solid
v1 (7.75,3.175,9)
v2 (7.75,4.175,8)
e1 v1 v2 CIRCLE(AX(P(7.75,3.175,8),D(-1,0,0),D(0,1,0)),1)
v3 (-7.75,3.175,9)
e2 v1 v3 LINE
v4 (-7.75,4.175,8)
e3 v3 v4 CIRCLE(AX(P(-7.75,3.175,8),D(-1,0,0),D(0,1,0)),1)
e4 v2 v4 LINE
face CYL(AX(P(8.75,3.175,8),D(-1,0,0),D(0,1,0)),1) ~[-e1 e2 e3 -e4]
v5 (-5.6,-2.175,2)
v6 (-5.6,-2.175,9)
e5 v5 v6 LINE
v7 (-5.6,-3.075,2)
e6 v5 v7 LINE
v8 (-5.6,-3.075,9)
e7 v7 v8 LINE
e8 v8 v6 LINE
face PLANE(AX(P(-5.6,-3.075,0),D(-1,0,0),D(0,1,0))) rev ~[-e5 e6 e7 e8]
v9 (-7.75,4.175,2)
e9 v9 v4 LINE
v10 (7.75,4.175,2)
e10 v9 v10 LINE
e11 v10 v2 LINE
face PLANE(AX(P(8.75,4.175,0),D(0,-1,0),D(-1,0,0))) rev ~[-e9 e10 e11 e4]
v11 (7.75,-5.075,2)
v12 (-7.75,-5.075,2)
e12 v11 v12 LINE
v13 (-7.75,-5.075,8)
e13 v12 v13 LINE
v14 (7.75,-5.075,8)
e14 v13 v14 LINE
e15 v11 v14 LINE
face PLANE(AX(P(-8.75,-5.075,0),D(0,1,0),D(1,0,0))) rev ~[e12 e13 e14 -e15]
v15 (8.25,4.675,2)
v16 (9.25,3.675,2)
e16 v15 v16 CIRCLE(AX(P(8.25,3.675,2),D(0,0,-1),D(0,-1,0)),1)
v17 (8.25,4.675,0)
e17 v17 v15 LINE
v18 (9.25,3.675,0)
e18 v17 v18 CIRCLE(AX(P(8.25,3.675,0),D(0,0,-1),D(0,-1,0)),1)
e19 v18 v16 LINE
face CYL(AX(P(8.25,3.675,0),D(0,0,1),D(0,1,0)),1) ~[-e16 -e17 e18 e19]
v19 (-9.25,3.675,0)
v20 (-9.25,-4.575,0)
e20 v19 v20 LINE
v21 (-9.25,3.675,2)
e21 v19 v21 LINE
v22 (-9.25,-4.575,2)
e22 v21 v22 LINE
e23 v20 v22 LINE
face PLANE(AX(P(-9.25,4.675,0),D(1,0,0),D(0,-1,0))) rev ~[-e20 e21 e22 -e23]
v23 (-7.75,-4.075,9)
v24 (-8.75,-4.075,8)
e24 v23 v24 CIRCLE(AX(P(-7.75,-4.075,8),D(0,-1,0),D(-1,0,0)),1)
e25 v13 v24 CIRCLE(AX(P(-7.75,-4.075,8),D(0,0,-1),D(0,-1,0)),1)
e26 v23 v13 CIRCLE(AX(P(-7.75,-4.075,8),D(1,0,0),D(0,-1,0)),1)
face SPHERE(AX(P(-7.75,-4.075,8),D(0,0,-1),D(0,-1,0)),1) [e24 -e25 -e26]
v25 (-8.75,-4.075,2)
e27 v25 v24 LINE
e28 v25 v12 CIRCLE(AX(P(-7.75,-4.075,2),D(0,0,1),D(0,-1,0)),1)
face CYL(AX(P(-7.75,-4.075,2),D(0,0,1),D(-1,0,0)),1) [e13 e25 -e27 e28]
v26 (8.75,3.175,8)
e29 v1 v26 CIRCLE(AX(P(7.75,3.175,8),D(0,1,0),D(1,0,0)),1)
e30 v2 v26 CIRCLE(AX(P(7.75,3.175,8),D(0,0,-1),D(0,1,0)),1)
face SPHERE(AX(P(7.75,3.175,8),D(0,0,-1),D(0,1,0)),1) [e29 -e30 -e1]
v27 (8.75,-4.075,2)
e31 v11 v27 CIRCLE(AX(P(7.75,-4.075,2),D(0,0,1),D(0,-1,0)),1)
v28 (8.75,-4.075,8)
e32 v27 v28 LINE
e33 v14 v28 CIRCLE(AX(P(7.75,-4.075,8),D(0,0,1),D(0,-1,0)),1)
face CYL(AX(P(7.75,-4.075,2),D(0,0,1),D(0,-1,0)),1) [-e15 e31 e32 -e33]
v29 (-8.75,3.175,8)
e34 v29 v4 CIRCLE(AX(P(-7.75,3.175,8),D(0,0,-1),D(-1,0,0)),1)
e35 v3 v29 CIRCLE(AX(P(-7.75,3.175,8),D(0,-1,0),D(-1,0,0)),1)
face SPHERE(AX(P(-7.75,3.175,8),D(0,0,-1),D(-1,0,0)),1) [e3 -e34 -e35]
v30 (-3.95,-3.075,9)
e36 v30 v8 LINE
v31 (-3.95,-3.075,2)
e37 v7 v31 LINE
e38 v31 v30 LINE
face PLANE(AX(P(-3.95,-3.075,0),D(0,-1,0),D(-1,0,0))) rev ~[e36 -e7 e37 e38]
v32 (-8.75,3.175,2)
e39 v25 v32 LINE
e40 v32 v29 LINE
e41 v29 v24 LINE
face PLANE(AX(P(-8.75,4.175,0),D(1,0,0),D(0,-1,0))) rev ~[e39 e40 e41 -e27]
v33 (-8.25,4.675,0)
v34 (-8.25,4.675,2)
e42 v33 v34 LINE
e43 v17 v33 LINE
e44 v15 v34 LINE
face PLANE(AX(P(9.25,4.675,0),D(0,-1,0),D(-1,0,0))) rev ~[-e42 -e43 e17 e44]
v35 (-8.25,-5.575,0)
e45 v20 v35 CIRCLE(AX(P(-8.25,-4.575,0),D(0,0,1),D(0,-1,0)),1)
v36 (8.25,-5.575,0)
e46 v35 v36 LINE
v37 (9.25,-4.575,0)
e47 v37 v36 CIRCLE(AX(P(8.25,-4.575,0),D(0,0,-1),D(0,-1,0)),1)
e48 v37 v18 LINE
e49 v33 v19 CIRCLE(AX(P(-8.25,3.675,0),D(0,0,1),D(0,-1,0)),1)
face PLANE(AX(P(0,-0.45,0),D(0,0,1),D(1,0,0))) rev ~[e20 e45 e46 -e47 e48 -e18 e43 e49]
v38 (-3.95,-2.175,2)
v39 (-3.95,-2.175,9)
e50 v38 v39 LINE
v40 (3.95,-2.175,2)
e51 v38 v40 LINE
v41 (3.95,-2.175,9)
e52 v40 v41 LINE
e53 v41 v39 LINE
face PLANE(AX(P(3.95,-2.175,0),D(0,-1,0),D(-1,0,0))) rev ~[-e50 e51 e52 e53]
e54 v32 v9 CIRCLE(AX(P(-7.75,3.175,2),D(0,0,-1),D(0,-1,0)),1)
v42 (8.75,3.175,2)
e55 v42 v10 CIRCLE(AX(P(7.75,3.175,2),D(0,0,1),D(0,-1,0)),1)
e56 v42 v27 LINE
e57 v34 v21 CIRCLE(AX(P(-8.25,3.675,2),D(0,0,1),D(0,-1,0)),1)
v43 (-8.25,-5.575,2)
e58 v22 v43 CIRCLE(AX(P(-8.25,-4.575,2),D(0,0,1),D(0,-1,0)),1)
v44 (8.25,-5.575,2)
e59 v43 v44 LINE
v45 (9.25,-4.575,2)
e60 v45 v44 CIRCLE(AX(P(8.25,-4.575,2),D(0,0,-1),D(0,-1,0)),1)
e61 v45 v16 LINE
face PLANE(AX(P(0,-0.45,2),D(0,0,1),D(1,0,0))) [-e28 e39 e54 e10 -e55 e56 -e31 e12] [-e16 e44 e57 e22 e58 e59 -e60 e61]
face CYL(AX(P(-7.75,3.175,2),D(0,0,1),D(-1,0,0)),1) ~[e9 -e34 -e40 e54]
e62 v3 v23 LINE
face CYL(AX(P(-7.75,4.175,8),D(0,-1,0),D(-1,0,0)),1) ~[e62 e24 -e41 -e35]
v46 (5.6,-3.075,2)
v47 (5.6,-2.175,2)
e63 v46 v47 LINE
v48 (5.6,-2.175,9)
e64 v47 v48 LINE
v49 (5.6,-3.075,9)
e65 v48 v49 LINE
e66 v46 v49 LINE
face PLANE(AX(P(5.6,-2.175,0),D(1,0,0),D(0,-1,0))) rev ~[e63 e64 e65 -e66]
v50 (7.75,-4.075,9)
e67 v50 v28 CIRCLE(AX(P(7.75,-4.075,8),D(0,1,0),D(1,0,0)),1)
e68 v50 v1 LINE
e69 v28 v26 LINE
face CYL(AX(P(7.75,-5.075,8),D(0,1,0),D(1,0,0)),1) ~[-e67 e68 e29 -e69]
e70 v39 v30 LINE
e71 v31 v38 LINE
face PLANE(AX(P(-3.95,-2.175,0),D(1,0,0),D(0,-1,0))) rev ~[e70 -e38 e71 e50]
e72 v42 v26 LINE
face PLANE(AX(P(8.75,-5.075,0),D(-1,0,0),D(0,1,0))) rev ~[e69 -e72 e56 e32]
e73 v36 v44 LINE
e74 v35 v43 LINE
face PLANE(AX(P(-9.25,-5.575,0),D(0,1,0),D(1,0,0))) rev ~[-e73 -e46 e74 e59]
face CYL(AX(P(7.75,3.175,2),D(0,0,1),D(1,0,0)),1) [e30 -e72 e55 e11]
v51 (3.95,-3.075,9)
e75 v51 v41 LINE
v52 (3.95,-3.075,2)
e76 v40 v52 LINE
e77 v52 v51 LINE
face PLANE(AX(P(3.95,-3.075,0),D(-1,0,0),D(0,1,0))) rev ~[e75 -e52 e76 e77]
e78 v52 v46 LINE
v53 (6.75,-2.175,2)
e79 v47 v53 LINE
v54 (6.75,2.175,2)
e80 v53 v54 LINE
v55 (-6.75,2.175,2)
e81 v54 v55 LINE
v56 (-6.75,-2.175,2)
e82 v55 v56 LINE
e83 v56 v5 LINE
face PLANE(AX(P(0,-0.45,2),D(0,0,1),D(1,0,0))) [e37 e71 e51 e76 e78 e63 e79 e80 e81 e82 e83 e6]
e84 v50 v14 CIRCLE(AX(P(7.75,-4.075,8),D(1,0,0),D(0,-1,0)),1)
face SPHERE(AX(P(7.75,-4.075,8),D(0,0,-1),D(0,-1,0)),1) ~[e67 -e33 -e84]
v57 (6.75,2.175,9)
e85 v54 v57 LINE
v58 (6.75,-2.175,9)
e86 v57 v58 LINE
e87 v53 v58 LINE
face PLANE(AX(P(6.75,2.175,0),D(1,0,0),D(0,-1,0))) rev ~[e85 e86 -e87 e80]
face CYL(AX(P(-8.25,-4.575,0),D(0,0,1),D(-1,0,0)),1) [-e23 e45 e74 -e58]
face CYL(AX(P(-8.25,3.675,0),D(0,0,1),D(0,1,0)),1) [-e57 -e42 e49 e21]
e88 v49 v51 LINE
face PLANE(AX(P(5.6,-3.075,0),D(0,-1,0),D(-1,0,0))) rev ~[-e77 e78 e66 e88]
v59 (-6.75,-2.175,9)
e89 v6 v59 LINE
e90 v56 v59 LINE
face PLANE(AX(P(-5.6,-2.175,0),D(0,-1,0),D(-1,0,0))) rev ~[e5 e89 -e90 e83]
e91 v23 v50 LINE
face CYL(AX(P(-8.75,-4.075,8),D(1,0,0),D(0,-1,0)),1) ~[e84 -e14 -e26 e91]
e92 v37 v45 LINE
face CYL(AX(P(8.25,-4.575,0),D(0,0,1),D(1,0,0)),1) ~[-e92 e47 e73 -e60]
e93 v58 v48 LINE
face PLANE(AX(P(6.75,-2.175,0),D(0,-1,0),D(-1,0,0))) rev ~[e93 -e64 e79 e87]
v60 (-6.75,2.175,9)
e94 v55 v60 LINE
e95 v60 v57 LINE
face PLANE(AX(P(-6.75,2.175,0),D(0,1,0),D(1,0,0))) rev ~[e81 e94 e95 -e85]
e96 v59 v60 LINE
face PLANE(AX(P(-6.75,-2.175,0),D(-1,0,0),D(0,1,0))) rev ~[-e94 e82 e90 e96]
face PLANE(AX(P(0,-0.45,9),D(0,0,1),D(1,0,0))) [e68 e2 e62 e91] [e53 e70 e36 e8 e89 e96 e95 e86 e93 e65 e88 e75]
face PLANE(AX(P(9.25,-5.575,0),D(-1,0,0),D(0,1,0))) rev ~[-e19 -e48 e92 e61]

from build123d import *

# Parameters (mm, degrees)
F0_W     = 1.65
F0_H     = 0.9
F1_DEPTH = 2
F2_DEPTH = 9
F3_R     = 1


with BuildPart() as f1:
    # F0 (on Top) → F1 (new body)
    with BuildSketch(Plane.XY):
        Polygon((9.25, -2.175), (9.25, 4.675), (-9.25, 4.675), (-9.25, -2.175), (-9.25, -5.575), (3.95, -5.575), (5.6, -5.575), (9.25, -5.575), align=None)
        Polygon((-8.75, -2.175), (-8.75, 4.175), (8.75, 4.175), (8.75, -2.175), (8.75, -5.075), (5.6, -5.075), (3.95, -5.075), (-8.75, -5.075), align=None, mode=Mode.SUBTRACT)
        Polygon((8.75, 4.175), (-8.75, 4.175), (-8.75, -2.175), (-8.75, -5.075), (3.95, -5.075), (5.6, -5.075), (8.75, -5.075), (8.75, -2.175), align=None)
        Polygon((-6.75, 2.175), (6.75, 2.175), (6.75, -2.175), (5.6, -2.175), (5.6, -3.075), (3.95, -3.075), (3.95, -2.175), (-3.95, -2.175), (-3.95, -3.075), (-5.6, -3.075), (-5.6, -2.175), (-6.75, -2.175), align=None, mode=Mode.SUBTRACT)
        Polygon((6.75, -2.175), (6.75, 2.175), (-6.75, 2.175), (-6.75, -2.175), (-5.6, -2.175), (-3.95, -2.175), (3.95, -2.175), (5.6, -2.175), align=None)
        with Locations((-4.775, -2.625)):
            Rectangle(F0_W, F0_H)
        with Locations((4.775, -2.625)):
            Rectangle(F0_W, F0_H)
    extrude(amount=F1_DEPTH)

    # F0 (on Top) → F2 (join)
    with BuildSketch(Plane.XY):
        Polygon((8.75, 4.175), (-8.75, 4.175), (-8.75, -2.175), (-8.75, -5.075), (3.95, -5.075), (5.6, -5.075), (8.75, -5.075), (8.75, -2.175), align=None)
        Polygon((-6.75, 2.175), (6.75, 2.175), (6.75, -2.175), (5.6, -2.175), (5.6, -3.075), (3.95, -3.075), (3.95, -2.175), (-3.95, -2.175), (-3.95, -3.075), (-5.6, -3.075), (-5.6, -2.175), (-6.75, -2.175), align=None, mode=Mode.SUBTRACT)
    extrude(amount=F2_DEPTH)

    # F3
    f3_edges = [f1.edges().sort_by_distance(p)[0] for p in [
        (-9.25, -5.575, 1),
        (-8.75, -5.075, 5.5),
        (-9.25, 4.675, 1),
        (-8.75, 4.175, 5.5),
        (8.75, -5.075, 5.5),
        (9.25, -5.575, 1),
        (8.75, 4.175, 5.5),
        (9.25, 4.675, 1),
        (0, -5.075, 9),
        (-8.75, -0.45, 9),
        (0, 4.175, 9),
        (8.75, -0.45, 9),
    ]]
    fillet(f3_edges, radius=F3_R)


solid = f1.part
